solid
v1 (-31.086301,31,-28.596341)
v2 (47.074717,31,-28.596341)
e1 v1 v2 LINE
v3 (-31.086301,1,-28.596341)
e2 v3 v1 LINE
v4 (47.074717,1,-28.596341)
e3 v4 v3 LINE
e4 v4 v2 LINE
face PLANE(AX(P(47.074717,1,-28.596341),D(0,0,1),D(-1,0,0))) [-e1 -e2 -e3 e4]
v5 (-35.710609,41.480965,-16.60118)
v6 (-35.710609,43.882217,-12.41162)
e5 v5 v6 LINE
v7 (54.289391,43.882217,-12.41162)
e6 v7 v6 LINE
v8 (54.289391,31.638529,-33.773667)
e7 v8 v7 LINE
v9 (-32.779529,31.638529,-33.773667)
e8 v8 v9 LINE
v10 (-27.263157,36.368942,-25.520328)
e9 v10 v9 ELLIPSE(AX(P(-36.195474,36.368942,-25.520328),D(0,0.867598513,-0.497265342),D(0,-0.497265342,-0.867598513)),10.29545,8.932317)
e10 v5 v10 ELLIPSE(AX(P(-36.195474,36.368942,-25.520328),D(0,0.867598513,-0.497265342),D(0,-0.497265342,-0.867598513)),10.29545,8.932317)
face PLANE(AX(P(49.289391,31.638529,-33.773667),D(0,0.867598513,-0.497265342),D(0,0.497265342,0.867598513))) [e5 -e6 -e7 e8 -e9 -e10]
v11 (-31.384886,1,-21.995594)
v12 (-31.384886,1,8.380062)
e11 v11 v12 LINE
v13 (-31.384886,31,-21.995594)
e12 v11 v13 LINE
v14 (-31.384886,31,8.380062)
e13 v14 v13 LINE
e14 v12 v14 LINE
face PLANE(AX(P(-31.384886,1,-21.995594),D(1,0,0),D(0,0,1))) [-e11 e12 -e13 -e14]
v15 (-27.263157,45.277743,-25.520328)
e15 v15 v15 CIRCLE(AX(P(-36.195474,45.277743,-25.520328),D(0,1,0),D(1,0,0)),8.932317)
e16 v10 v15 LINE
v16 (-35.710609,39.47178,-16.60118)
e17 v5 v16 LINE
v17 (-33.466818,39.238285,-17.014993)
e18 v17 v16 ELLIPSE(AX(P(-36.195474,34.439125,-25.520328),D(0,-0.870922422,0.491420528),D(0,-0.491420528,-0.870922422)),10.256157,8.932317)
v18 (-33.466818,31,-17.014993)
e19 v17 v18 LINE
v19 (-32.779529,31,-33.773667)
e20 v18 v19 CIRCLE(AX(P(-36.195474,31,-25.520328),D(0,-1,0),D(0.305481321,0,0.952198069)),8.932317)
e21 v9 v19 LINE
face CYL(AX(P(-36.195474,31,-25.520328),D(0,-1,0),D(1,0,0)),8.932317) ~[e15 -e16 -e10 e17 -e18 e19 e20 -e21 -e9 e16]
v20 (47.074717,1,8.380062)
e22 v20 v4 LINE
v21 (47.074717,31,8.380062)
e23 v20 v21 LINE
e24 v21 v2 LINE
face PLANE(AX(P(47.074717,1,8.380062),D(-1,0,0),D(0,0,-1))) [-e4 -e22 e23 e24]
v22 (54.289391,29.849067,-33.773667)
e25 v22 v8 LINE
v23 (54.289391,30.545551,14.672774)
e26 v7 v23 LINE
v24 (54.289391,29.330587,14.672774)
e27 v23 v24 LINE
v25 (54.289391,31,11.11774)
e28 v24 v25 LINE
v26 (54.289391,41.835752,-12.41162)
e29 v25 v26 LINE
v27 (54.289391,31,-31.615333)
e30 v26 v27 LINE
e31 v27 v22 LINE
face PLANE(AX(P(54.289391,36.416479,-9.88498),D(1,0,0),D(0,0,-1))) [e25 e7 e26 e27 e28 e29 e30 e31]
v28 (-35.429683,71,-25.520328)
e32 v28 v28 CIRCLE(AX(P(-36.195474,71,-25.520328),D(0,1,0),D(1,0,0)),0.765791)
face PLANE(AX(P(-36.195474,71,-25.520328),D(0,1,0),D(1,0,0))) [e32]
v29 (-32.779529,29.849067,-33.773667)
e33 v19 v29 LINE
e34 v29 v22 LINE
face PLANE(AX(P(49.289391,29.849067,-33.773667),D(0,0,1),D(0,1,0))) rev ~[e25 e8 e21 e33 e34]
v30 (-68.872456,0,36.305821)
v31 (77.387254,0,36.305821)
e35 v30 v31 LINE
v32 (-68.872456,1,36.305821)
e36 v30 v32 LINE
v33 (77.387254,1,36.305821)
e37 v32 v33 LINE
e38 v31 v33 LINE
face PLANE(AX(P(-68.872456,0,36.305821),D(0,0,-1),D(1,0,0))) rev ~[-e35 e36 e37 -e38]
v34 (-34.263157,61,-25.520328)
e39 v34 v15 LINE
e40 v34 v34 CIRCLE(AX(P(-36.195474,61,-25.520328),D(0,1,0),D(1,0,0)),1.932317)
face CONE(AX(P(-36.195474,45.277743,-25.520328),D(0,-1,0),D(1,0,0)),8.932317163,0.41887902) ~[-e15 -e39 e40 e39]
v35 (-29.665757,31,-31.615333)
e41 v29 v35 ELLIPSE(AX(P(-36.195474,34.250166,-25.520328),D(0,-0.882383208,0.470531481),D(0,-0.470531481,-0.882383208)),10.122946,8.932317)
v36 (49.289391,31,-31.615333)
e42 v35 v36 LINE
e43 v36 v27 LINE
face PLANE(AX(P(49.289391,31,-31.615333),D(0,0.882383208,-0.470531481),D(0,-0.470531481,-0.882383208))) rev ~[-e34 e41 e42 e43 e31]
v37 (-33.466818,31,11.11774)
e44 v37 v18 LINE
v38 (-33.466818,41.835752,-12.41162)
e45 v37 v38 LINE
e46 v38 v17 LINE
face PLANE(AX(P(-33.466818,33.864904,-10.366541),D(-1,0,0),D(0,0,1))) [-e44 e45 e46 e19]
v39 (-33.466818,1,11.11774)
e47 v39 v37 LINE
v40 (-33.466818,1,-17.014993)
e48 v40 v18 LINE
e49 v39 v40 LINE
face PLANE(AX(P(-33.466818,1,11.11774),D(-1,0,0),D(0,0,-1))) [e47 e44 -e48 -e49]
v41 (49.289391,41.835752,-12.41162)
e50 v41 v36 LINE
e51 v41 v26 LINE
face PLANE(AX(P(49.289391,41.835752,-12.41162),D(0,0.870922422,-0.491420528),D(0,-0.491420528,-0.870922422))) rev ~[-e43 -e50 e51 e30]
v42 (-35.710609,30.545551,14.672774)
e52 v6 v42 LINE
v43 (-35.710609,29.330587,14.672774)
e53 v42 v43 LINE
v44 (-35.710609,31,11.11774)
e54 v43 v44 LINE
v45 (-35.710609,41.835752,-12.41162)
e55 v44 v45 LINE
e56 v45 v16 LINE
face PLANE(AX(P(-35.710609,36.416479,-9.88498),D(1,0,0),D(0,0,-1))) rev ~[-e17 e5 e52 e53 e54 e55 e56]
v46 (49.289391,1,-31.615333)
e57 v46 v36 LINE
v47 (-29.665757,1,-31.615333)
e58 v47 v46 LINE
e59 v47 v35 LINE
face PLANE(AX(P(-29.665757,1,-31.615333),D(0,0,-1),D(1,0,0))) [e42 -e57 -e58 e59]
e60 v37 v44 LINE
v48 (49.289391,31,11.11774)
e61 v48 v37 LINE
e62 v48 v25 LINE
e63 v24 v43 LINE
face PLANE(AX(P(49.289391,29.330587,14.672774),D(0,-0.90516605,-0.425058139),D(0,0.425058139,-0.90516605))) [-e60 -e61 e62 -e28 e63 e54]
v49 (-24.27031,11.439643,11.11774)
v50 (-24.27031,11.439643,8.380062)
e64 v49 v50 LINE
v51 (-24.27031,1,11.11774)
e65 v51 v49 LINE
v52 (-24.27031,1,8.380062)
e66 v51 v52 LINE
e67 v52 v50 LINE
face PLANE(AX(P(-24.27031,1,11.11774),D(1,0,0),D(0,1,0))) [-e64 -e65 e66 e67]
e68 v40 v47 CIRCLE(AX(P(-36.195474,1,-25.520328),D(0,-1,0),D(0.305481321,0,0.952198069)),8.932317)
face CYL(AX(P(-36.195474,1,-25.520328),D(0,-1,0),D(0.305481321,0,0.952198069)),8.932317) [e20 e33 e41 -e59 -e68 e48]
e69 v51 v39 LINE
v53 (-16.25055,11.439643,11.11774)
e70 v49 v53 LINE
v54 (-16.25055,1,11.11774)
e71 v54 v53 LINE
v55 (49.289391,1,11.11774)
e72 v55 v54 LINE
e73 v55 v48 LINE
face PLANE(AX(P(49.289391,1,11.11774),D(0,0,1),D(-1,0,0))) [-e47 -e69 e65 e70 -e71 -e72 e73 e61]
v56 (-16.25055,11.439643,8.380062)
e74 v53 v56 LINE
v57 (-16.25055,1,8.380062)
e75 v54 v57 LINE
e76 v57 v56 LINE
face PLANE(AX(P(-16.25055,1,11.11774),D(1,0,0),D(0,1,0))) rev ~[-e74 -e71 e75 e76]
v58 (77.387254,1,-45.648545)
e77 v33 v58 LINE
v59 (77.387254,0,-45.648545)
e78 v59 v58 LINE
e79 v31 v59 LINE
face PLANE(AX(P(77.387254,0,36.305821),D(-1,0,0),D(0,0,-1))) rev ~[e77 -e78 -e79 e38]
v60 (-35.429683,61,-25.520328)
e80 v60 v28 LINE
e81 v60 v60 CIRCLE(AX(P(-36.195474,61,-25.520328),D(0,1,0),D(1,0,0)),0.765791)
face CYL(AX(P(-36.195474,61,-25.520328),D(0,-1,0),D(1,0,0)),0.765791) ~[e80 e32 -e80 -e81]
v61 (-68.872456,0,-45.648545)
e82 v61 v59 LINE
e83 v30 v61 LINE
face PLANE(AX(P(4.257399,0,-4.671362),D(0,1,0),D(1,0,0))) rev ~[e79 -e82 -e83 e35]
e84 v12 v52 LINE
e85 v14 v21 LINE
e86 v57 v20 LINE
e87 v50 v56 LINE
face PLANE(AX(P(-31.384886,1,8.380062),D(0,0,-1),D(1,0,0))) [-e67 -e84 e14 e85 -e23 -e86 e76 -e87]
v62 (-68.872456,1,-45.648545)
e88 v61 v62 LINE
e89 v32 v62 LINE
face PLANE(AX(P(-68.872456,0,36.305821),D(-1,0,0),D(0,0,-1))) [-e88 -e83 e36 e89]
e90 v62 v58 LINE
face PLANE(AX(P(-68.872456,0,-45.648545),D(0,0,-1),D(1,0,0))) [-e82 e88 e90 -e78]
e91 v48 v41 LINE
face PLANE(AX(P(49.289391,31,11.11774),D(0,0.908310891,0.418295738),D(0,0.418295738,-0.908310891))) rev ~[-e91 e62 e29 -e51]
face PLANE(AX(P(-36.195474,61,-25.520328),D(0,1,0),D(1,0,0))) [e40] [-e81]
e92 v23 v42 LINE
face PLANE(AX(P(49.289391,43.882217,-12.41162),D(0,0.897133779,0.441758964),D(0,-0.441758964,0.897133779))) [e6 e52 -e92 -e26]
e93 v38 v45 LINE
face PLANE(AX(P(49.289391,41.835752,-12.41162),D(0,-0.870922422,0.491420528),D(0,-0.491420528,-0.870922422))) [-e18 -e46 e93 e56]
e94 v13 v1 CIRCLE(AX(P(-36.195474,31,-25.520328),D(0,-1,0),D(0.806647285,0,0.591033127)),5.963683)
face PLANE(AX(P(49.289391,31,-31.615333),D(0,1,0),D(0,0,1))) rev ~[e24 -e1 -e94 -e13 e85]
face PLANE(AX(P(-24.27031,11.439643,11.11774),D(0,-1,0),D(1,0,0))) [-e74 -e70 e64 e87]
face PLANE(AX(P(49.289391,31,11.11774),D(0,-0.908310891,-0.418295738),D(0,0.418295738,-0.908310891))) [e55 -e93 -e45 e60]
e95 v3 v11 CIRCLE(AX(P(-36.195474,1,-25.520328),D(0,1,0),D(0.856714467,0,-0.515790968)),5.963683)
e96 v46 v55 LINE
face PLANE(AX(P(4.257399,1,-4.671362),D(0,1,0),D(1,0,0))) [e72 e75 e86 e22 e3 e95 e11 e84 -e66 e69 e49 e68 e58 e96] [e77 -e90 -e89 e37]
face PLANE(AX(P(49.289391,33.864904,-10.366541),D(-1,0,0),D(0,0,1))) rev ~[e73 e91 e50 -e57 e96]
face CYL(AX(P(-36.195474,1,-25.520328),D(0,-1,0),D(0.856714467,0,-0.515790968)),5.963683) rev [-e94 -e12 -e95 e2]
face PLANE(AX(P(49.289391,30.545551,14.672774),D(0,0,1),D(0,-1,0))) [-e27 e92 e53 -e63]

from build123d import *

# Parameters (mm, degrees)
SKETCH1_W                 = 146.259710098
SKETCH1_H                 = 81.954365634
BOSS_EXTRUDE1_DEPTH       = 1
BOSS_EXTRUDE3_DEPTH       = 30
SKETCH3_R                 = 8.932317163
BOSS_EXTRUDE4_DEPTH       = 30
CHAMFER2_SIZE             = 7
CHAMFER2_SIZE2            = 15.722257417
SKETCH5_R                 = 0.765790516
BOSS_EXTRUDE5_DEPTH       = 10
BOSS_EXTRUDE10_DEPTH      = 82.756209
BOSS_EXTRUDE11_DEPTH      = 5
BOSS_EXTRUDE11_DEPTH_BACK = 85
CUT_EXTRUDE1_REACH        = 58.766
SKETCH9_W                 = 8.019759774
SKETCH9_H                 = 10.43964337


with BuildPart() as part:
    # Sketch1 → Boss-Extrude1 (new body)
    with BuildSketch(Plane(origin=(0, 0, 0), x_dir=(1, 0, 0), z_dir=(0, 1, 0))):
        with Locations((4.257398588, 4.671362068)):
            Rectangle(SKETCH1_W, SKETCH1_H)
    extrude(amount=BOSS_EXTRUDE1_DEPTH)

    # Sketch2 → Boss-Extrude3 (add)
    with BuildSketch(Plane(origin=(0, 1, 0), x_dir=(1, 0, 0), z_dir=(0, 1, 0))):
        with BuildLine():
            Line((49.289390862, 31.61533336), (49.289390862, -11.117740331))
            Line((49.289390862, -11.117740331), (-33.466817923, -11.117740331))
            Line((-33.466817923, -11.117740331), (-33.466817923, 17.014992699))
            ThreePointArc((-33.466817923, 17.014992699), (-44.839654232, 27.770758355), (-29.665757449, 31.61533336))
            Line((-29.665757449, 31.61533336), (49.289390862, 31.61533336))
        make_face()
        with BuildLine():
            Line((-31.384885653, 21.995593928), (-31.384885653, -8.380062495))
            Line((-31.384885653, -8.380062495), (47.074717384, -8.380062495))
            Line((47.074717384, -8.380062495), (47.074717384, 28.596341433))
            Line((47.074717384, 28.596341433), (-31.086300879, 28.596341433))
            ThreePointArc((-31.086300879, 28.596341433), (-42.153064375, 25.789819421), (-31.384885653, 21.995593928))
        make_face(mode=Mode.SUBTRACT)
    extrude(amount=BOSS_EXTRUDE3_DEPTH)

    # Sketch3 → Boss-Extrude4 (add)
    with BuildSketch(Plane(origin=(0, 31, 0), x_dir=(1, 0, 0), z_dir=(0, 1, 0))):
        with Locations((-36.195473967, 25.520327854)):
            Circle(SKETCH3_R)
    extrude(amount=BOSS_EXTRUDE4_DEPTH)

    # Chamfer2
    chamfer2_edges = [part.edges().sort_by_distance(p)[0] for p in [
        (-45.12779113, 61, -25.520327854),
    ]]
    chamfer2_side = [part.faces().sort_by_distance(p)[0] for p in [
        (-36.195473967, 61, -25.520327854),
    ]]
    chamfer(chamfer2_edges, length=CHAMFER2_SIZE, length2=CHAMFER2_SIZE2, reference=chamfer2_side[0])

    # Sketch5 → Boss-Extrude5 (add)
    with BuildSketch(Plane(origin=(0, 61, 0), x_dir=(1, 0, 0), z_dir=(0, 1, 0))):
        with Locations((-36.195473967, 25.520327854)):
            Circle(SKETCH5_R)
    extrude(amount=BOSS_EXTRUDE5_DEPTH)

    # Sketch7 → Boss-Extrude10 (add)
    with BuildSketch(Plane(origin=(49.289390862, 0, 0), x_dir=(0, 0, -1), z_dir=(1, 0, 0))):
        Polygon((-11.117740331, 31), (12.411619963, 41.835751537), (31.61533336, 31), align=None)
    extrude(amount=-BOSS_EXTRUDE10_DEPTH)

    # Sketch8 → Boss-Extrude11 (add, two sides)
    with BuildSketch(Plane(origin=(49.289390862, 0, 0), x_dir=(0, 0, -1), z_dir=(1, 0, 0))) as boss_extrude11_sk:
        Polygon((-11.117740331, 31), (12.411619963, 41.835751537), (31.61533336, 31), (33.773667087, 29.849066987), (33.773667087, 31.638529108), (12.411619963, 43.882217303), (-14.672774477, 30.545550786), (-14.672774477, 29.330586748), align=None)
    extrude(amount=BOSS_EXTRUDE11_DEPTH)
    extrude(boss_extrude11_sk.sketch, amount=-BOSS_EXTRUDE11_DEPTH_BACK)

    # Sketch9 → Cut-Extrude1 (cut, up to next)
    with BuildSketch(Plane.XY.offset(11.117740331), mode=Mode.PRIVATE) as cut_extrude1_sk1:
        with Locations((-20.260430368, 6.219821685)):
            Rectangle(SKETCH9_W, SKETCH9_H)
    cut_extrude1_tool1 = extrude(cut_extrude1_sk1.sketch, amount=-CUT_EXTRUDE1_REACH, mode=Mode.PRIVATE) & part.part
    add(cut_extrude1_tool1.solids().sort_by_distance((-20.26043, 6.219822, 11.11774))[0], mode=Mode.SUBTRACT)


solid = part.part
